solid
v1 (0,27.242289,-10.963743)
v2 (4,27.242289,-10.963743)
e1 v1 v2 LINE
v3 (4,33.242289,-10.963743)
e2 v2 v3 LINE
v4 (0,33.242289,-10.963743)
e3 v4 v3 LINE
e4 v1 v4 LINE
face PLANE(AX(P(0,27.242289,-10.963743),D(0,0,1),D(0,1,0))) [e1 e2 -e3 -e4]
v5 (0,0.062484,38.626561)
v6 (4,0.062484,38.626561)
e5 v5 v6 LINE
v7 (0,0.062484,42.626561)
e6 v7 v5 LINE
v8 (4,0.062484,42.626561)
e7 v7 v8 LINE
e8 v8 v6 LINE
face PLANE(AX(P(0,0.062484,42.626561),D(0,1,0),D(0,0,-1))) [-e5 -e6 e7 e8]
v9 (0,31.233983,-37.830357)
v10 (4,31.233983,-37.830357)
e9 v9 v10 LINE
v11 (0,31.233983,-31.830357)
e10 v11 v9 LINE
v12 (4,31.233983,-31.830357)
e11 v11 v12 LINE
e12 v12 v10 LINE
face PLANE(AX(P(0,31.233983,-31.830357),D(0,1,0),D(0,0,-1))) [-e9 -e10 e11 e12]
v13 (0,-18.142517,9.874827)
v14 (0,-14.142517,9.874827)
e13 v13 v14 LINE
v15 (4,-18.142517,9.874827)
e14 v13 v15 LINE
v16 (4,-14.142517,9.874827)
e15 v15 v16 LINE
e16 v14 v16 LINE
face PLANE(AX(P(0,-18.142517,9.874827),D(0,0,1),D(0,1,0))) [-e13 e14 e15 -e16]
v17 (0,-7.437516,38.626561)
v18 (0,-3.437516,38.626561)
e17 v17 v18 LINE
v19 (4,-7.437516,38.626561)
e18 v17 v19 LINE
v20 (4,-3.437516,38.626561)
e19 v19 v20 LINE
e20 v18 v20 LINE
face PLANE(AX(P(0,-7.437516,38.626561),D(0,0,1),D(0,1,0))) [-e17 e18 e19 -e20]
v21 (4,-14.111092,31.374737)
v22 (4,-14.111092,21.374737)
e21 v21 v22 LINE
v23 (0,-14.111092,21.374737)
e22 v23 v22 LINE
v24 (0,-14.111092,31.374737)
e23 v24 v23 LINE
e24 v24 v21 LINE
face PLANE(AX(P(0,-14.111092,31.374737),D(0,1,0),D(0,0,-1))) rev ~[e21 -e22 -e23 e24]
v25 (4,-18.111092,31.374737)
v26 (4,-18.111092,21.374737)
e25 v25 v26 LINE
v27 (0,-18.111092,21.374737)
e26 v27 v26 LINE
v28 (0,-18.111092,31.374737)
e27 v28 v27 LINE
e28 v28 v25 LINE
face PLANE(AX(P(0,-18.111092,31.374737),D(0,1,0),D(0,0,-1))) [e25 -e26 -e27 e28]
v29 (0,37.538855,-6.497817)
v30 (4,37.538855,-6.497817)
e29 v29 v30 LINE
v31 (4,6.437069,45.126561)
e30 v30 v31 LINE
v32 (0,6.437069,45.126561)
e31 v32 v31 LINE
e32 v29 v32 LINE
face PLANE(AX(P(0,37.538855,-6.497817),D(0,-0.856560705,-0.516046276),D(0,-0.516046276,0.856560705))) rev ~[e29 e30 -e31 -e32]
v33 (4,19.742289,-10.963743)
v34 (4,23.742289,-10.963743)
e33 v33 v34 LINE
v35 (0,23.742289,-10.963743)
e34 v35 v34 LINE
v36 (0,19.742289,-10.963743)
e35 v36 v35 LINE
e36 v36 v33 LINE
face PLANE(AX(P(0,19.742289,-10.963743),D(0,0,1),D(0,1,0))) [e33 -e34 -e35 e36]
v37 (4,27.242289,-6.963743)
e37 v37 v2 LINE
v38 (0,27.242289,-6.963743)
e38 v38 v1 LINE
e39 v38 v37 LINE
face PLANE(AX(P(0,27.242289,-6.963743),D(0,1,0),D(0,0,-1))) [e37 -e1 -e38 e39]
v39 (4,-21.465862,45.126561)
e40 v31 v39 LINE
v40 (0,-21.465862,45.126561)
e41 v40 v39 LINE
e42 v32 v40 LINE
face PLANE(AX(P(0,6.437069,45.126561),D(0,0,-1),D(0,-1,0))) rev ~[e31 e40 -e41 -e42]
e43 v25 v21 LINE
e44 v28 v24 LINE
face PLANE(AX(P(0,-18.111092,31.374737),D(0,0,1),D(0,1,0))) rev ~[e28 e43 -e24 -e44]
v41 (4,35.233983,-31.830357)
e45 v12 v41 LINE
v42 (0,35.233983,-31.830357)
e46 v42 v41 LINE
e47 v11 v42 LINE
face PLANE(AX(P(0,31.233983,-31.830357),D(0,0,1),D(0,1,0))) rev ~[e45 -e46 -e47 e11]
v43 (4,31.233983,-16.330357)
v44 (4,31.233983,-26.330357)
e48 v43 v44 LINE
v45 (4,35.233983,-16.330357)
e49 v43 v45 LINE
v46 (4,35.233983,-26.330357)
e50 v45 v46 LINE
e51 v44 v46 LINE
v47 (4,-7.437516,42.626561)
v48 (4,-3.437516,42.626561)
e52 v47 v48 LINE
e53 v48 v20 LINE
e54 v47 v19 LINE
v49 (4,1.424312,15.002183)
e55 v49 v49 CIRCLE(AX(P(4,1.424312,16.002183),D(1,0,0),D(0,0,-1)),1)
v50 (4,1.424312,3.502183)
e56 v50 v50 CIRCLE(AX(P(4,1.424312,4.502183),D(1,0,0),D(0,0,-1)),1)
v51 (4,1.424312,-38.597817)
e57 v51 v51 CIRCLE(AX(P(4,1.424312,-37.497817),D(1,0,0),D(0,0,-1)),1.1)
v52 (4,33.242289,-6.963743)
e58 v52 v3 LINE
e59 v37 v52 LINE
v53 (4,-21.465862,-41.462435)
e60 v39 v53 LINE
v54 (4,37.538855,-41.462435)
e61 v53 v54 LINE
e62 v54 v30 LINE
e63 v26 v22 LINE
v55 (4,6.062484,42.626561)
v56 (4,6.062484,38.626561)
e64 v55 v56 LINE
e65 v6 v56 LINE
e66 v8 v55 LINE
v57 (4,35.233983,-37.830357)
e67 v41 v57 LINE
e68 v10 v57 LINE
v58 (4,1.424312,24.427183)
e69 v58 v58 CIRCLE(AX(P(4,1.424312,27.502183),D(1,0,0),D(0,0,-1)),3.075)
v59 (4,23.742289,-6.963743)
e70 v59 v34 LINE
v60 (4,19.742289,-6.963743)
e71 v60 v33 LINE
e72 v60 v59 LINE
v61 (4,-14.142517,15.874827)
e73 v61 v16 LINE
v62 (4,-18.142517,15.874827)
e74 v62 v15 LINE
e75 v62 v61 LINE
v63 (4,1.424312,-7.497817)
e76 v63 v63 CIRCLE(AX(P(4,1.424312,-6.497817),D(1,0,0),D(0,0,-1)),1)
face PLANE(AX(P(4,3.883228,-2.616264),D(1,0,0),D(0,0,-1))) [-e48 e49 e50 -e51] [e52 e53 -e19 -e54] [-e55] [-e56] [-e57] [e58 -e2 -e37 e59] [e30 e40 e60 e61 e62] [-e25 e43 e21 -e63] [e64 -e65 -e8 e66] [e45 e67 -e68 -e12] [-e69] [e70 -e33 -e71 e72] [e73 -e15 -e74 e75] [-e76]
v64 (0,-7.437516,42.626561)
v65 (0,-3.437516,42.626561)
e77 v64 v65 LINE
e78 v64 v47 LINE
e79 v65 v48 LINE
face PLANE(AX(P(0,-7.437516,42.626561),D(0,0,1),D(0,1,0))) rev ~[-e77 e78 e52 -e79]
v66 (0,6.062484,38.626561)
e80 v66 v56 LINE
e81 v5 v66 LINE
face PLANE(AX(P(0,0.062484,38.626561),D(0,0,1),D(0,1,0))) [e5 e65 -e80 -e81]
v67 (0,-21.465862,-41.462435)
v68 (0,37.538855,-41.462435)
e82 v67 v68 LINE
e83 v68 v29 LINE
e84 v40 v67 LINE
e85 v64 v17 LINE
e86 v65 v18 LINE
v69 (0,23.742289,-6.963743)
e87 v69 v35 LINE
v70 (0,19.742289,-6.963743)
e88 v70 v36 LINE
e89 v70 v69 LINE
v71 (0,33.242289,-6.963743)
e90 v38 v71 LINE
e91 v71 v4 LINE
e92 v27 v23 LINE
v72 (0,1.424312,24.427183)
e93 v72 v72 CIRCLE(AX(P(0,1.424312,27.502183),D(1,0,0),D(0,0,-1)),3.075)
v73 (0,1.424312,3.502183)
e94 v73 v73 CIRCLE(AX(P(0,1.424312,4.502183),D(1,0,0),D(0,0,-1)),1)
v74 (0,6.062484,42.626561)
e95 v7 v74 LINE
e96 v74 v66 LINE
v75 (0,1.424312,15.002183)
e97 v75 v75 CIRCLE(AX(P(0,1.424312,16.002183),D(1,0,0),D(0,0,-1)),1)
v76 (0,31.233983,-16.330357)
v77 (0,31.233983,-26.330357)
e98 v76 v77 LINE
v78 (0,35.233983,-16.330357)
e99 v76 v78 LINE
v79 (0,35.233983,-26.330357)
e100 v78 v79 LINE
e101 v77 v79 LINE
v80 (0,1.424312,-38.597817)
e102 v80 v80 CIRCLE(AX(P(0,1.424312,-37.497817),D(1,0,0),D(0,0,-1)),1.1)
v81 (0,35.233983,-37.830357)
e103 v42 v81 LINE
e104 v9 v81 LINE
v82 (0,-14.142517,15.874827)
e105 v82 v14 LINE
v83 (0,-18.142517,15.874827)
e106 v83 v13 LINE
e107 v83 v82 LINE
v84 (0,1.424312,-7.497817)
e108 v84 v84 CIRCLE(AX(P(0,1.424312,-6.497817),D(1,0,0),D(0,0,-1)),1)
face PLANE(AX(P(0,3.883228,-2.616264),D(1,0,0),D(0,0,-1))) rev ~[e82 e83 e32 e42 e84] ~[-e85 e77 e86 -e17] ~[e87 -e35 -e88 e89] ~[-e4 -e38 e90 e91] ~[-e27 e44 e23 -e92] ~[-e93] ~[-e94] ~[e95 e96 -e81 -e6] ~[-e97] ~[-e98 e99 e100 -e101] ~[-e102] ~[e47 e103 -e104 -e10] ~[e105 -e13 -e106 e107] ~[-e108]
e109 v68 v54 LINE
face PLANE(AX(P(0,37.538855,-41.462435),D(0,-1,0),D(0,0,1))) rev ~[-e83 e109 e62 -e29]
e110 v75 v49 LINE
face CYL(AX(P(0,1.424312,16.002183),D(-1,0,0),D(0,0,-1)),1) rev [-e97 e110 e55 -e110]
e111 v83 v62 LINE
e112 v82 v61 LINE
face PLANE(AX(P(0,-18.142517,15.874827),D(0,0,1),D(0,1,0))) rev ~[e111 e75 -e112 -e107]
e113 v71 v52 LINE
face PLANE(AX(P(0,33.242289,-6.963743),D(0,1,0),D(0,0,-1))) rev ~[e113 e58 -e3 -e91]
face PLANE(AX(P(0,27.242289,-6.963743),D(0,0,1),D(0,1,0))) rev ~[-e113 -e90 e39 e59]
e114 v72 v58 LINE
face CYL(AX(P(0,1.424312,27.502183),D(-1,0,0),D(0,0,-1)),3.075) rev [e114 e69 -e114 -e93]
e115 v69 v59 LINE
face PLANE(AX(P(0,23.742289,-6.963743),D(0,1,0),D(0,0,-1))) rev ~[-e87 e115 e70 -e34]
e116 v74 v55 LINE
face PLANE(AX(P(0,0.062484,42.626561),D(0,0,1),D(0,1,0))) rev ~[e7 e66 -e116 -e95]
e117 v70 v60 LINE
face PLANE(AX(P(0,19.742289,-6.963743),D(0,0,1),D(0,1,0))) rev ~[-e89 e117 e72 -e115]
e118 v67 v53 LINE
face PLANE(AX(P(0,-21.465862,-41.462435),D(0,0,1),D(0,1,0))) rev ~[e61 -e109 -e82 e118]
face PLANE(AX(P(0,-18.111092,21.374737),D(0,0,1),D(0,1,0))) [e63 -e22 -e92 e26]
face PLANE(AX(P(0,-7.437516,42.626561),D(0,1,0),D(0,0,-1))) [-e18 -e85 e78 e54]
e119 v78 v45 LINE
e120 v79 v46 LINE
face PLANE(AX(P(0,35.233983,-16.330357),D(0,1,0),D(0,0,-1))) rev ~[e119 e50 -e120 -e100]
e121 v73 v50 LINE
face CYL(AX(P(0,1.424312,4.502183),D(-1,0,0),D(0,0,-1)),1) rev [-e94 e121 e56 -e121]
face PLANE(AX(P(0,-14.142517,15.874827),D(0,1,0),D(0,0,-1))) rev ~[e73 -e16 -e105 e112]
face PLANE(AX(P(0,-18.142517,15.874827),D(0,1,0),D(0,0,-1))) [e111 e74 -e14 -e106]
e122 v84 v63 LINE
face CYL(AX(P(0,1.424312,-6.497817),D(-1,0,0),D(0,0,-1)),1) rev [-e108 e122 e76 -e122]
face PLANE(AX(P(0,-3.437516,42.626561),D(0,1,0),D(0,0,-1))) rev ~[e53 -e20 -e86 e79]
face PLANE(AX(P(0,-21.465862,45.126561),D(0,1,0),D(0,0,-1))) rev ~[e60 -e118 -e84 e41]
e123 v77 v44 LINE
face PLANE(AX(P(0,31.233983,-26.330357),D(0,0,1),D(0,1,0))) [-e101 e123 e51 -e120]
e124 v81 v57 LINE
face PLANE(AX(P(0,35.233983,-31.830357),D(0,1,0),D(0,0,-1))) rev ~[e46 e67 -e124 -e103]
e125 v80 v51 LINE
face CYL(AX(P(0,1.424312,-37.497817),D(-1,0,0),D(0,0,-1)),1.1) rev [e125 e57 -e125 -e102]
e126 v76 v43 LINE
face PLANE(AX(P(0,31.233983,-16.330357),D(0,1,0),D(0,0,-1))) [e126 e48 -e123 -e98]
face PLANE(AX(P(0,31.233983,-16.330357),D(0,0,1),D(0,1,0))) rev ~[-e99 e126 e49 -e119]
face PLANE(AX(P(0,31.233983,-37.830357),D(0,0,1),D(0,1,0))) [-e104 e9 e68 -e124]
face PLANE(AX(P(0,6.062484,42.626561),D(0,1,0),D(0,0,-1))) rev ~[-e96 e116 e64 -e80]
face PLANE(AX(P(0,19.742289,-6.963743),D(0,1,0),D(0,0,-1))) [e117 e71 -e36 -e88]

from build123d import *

# Parameters (mm, degrees)
SKETCH1_R           = 3.075
SKETCH1_R_2         = 1
SKETCH1_R_3         = 1.1
SKETCH1_W           = 10
SKETCH1_H           = 4
SKETCH1_W_2         = 4
SKETCH1_H_2         = 6
SKETCH1_W_3         = 6
BOSS_EXTRUDE1_DEPTH = 4


with BuildPart() as part:
    # Sketch1 → Boss-Extrude1 (new body)
    with BuildSketch(Plane(origin=(0, 0, 0), x_dir=(0, 0, -1), z_dir=(1, 0, 0))):
        Polygon((-45.126561274, -21.465862465), (41.462435166, -21.465862465), (41.462435166, 37.538855), (6.497816801, 37.538855), (-45.126561274, 6.437068625), align=None)
        with Locations((-27.502183199, 1.424311927)):
            Circle(SKETCH1_R, mode=Mode.SUBTRACT)
        with Locations((-16.002183199, 1.424311927)):
            Circle(SKETCH1_R_2, mode=Mode.SUBTRACT)
        with Locations((-4.502183199, 1.424311927)):
            Circle(SKETCH1_R_2, mode=Mode.SUBTRACT)
        with Locations((6.497816801, 1.424311927)):
            Circle(SKETCH1_R_2, mode=Mode.SUBTRACT)
        with Locations((37.497816801, 1.424311927)):
            Circle(SKETCH1_R_3, mode=Mode.SUBTRACT)
        with Locations((21.33035671, 33.233983224)):
            Rectangle(SKETCH1_W, SKETCH1_H, mode=Mode.SUBTRACT)
        with Locations((-40.626561274, 3.062484248)):
            Rectangle(SKETCH1_W_2, SKETCH1_H_2, mode=Mode.SUBTRACT)
        with Locations((-40.626561274, -5.437515752)):
            Rectangle(SKETCH1_W_2, SKETCH1_H, mode=Mode.SUBTRACT)
        with Locations((-26.374737007, -16.111091518)):
            Rectangle(SKETCH1_W, SKETCH1_H, mode=Mode.SUBTRACT)
        with Locations((-12.874826786, -16.142516965)):
            Rectangle(SKETCH1_W_3, SKETCH1_H, mode=Mode.SUBTRACT)
        with Locations((34.83035671, 33.233983224)):
            Rectangle(SKETCH1_W_3, SKETCH1_H, mode=Mode.SUBTRACT)
        with Locations((8.963743124, 30.24228943)):
            Rectangle(SKETCH1_W_2, SKETCH1_H_2, mode=Mode.SUBTRACT)
        with Locations((8.963743124, 21.74228943)):
            Rectangle(SKETCH1_W_2, SKETCH1_H, mode=Mode.SUBTRACT)
    extrude(amount=BOSS_EXTRUDE1_DEPTH)


solid = part.part
